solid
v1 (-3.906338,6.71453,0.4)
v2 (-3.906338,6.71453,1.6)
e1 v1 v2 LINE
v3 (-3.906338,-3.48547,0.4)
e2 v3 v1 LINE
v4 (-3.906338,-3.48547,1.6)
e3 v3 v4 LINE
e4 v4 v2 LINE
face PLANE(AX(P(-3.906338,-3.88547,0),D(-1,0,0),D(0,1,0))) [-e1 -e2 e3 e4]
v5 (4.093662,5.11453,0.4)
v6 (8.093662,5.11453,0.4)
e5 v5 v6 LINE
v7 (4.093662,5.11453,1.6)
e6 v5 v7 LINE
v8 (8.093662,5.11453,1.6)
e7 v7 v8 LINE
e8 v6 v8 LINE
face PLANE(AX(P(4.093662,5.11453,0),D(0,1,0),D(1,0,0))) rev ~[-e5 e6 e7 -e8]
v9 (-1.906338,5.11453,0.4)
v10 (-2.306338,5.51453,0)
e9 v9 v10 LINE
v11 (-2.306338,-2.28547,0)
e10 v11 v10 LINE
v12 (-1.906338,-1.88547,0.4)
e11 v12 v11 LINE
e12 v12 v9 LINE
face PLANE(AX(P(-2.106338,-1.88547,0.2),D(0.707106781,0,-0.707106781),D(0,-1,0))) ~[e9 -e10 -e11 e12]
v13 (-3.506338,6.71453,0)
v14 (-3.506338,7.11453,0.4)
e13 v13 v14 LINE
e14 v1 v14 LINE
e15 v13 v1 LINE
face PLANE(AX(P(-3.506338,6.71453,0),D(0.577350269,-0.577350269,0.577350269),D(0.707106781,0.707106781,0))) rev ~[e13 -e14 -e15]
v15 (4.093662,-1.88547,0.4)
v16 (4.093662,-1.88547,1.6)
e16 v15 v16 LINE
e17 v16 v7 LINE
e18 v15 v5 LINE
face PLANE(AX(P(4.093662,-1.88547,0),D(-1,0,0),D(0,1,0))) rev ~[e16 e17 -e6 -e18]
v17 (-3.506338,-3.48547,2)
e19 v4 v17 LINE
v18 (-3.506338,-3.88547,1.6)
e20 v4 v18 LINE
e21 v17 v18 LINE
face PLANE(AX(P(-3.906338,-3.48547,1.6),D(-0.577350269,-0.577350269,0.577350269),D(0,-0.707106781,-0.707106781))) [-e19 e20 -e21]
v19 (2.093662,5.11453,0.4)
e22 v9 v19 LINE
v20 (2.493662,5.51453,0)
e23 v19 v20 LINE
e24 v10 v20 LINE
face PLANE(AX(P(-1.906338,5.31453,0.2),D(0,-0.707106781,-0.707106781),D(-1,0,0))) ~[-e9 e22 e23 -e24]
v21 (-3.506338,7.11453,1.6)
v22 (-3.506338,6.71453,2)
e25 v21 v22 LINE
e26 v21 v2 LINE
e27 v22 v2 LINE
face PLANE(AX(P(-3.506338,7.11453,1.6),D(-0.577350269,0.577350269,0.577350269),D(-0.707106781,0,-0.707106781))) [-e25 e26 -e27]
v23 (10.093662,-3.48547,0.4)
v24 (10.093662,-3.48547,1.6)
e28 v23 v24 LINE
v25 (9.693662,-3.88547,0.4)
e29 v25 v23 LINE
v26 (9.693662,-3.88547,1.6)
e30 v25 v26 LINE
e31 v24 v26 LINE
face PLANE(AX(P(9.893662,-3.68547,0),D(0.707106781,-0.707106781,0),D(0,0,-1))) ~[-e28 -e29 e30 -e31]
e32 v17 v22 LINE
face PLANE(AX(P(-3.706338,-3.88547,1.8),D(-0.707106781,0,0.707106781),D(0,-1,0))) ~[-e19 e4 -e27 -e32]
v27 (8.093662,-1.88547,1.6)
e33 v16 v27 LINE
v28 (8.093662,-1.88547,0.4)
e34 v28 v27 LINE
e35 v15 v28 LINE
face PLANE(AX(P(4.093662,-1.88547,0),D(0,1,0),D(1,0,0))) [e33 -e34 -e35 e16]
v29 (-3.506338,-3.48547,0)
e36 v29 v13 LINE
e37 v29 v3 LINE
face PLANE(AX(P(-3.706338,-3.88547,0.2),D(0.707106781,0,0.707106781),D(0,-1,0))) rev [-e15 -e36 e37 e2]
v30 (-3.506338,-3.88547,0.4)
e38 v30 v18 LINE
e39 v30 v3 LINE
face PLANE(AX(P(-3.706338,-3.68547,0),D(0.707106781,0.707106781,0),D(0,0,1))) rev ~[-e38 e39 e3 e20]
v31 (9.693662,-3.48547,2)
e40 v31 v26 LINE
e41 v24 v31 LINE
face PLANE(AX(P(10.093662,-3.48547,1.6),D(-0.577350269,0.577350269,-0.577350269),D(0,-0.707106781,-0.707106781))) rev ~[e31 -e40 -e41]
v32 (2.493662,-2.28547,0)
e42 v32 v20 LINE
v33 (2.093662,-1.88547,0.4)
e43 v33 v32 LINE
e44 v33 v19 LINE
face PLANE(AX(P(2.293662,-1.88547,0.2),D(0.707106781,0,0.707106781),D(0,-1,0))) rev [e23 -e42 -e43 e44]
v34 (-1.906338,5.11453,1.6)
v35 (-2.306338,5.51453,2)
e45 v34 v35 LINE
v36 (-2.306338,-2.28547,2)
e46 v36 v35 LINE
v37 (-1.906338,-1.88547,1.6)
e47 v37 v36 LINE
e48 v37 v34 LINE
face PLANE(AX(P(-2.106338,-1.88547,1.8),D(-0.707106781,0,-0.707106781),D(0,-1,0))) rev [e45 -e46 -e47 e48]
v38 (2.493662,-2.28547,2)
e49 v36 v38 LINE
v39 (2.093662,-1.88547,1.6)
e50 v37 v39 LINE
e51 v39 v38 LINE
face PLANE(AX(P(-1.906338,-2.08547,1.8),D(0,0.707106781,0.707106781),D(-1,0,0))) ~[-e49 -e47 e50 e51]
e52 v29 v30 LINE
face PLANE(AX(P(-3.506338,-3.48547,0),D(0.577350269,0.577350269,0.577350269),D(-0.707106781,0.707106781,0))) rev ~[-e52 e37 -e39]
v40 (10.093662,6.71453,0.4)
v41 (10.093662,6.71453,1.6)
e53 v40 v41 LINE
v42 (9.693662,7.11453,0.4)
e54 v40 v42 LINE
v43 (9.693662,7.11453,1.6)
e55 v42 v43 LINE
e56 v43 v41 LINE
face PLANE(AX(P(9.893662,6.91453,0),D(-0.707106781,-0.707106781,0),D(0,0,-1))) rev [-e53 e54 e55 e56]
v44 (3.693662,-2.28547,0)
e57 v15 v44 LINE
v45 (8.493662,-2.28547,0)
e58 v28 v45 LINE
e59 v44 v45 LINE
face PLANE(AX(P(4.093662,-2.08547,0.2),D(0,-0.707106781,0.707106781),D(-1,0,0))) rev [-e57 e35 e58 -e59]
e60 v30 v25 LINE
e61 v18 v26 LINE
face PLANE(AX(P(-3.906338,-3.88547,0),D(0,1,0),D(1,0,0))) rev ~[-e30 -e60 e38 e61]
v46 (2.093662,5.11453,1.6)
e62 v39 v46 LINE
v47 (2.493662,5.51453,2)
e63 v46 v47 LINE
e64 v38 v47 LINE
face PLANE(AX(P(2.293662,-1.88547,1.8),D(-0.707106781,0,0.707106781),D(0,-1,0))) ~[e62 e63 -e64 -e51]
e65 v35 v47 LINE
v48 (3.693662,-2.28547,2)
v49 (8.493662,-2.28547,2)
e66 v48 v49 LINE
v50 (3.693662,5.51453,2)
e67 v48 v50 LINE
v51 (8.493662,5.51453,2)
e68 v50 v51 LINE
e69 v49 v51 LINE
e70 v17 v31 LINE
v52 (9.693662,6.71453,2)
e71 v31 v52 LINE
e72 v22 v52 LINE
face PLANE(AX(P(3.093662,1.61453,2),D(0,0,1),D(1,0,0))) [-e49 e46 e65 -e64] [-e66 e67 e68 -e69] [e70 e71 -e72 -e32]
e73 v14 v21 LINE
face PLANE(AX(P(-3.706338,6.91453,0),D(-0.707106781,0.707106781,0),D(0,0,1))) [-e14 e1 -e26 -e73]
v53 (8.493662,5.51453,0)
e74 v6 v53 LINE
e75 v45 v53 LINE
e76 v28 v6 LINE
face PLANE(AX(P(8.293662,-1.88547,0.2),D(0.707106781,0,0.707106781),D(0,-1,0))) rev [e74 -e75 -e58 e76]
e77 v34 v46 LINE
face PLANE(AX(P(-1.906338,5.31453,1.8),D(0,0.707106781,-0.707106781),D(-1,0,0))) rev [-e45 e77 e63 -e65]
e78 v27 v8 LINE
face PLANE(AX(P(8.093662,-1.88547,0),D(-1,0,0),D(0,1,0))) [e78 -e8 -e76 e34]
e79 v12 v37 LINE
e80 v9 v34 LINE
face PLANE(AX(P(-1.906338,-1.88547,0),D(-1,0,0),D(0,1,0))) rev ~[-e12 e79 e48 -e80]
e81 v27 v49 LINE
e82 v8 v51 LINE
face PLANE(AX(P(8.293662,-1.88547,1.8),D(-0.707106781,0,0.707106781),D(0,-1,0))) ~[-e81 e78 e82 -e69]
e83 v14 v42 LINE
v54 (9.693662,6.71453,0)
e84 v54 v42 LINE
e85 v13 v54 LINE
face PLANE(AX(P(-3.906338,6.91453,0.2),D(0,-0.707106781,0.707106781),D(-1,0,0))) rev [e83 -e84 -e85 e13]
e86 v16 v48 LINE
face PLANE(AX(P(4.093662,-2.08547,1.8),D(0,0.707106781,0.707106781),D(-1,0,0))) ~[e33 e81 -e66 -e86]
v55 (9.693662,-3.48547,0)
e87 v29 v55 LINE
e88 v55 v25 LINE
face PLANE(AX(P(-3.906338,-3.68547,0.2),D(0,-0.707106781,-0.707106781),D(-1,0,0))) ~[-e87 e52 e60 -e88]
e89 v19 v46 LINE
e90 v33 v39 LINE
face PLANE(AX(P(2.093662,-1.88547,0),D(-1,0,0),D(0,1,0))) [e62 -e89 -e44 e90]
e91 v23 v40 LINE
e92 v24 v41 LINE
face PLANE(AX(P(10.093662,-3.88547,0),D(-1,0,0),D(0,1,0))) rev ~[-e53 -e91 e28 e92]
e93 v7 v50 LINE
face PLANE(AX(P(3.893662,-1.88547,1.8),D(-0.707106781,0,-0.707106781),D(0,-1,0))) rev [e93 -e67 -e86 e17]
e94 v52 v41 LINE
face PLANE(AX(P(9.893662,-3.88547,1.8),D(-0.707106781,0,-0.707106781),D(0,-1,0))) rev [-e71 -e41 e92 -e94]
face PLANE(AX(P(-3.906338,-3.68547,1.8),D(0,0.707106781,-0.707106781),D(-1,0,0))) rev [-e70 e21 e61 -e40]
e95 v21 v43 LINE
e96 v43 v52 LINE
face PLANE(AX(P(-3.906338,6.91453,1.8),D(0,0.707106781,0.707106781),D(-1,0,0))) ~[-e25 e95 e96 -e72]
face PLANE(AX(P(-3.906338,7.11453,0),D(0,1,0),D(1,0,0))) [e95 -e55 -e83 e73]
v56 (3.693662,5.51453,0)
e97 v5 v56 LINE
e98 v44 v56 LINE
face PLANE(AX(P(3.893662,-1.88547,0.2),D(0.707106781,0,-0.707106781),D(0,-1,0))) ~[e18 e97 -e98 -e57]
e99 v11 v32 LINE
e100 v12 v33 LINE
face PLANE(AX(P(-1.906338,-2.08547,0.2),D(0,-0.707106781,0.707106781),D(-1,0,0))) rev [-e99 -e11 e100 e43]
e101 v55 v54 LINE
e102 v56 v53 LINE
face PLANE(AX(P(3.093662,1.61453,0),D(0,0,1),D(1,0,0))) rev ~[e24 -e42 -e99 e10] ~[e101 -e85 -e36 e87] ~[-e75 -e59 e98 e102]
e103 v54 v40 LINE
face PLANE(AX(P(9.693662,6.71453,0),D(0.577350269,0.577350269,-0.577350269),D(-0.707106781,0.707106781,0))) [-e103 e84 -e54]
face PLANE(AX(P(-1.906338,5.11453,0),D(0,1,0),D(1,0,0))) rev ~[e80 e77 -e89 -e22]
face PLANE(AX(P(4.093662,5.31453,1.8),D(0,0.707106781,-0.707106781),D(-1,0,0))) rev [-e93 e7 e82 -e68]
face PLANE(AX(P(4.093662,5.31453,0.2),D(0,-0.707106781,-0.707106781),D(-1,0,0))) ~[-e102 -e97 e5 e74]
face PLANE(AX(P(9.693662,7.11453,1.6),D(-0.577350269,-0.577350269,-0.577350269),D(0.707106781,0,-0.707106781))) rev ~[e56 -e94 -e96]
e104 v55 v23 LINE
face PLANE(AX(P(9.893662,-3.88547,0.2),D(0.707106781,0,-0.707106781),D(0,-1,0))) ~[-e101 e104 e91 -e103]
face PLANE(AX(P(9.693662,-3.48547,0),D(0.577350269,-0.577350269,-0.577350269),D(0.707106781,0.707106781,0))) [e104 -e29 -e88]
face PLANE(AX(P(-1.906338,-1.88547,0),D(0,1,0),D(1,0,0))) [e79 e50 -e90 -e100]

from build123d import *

# Parameters (mm, degrees)
F0_W     = 14
F0_H     = 11
F0_W_2   = 4
F0_H_2   = 7
F1_DEPTH = 2
F2_SIZE  = 0.4


with BuildPart() as f1:
    # F0 (on Top) → F1 (new body)
    with BuildSketch(Plane.XY):
        with Locations((3.093662, 1.61453)):
            Rectangle(F0_W, F0_H)
        with Locations((0.093662, 1.61453)):
            Rectangle(F0_W_2, F0_H_2, mode=Mode.SUBTRACT)
        with Locations((6.093662, 1.61453)):
            Rectangle(F0_W_2, F0_H_2, mode=Mode.SUBTRACT)
    extrude(amount=F1_DEPTH)

    # F2
    f2_edges = [f1.edges().sort_by_distance(p)[0] for p in [
        (3.093662, -3.88547, 2),
        (-3.906338, 1.61453, 2),
        (-1.906338, 1.61453, 2),
        (2.093662, 1.61453, 2),
        (4.093662, 1.61453, 2),
        (8.093662, 1.61453, 2),
        (0.093662, 5.11453, 2),
        (0.093662, -1.88547, 2),
        (6.093662, -1.88547, 2),
        (10.093662, 1.61453, 2),
        (3.093662, 7.11453, 2),
        (6.093662, 5.11453, 2),
        (10.093662, 7.11453, 1),
        (-3.906338, 7.11453, 1),
        (10.093662, -3.88547, 1),
        (-3.906338, -3.88547, 1),
        (3.093662, -3.88547, 0),
        (10.093662, 1.61453, 0),
        (8.093662, 1.61453, 0),
        (6.093662, 5.11453, 0),
        (4.093662, 1.61453, 0),
        (6.093662, -1.88547, 0),
        (2.093662, 1.61453, 0),
        (0.093662, 5.11453, 0),
        (0.093662, -1.88547, 0),
        (-1.906338, 1.61453, 0),
        (-3.906338, 1.61453, 0),
        (3.093662, 7.11453, 0),
    ]]
    chamfer(f2_edges, length=F2_SIZE)


solid = f1.part
